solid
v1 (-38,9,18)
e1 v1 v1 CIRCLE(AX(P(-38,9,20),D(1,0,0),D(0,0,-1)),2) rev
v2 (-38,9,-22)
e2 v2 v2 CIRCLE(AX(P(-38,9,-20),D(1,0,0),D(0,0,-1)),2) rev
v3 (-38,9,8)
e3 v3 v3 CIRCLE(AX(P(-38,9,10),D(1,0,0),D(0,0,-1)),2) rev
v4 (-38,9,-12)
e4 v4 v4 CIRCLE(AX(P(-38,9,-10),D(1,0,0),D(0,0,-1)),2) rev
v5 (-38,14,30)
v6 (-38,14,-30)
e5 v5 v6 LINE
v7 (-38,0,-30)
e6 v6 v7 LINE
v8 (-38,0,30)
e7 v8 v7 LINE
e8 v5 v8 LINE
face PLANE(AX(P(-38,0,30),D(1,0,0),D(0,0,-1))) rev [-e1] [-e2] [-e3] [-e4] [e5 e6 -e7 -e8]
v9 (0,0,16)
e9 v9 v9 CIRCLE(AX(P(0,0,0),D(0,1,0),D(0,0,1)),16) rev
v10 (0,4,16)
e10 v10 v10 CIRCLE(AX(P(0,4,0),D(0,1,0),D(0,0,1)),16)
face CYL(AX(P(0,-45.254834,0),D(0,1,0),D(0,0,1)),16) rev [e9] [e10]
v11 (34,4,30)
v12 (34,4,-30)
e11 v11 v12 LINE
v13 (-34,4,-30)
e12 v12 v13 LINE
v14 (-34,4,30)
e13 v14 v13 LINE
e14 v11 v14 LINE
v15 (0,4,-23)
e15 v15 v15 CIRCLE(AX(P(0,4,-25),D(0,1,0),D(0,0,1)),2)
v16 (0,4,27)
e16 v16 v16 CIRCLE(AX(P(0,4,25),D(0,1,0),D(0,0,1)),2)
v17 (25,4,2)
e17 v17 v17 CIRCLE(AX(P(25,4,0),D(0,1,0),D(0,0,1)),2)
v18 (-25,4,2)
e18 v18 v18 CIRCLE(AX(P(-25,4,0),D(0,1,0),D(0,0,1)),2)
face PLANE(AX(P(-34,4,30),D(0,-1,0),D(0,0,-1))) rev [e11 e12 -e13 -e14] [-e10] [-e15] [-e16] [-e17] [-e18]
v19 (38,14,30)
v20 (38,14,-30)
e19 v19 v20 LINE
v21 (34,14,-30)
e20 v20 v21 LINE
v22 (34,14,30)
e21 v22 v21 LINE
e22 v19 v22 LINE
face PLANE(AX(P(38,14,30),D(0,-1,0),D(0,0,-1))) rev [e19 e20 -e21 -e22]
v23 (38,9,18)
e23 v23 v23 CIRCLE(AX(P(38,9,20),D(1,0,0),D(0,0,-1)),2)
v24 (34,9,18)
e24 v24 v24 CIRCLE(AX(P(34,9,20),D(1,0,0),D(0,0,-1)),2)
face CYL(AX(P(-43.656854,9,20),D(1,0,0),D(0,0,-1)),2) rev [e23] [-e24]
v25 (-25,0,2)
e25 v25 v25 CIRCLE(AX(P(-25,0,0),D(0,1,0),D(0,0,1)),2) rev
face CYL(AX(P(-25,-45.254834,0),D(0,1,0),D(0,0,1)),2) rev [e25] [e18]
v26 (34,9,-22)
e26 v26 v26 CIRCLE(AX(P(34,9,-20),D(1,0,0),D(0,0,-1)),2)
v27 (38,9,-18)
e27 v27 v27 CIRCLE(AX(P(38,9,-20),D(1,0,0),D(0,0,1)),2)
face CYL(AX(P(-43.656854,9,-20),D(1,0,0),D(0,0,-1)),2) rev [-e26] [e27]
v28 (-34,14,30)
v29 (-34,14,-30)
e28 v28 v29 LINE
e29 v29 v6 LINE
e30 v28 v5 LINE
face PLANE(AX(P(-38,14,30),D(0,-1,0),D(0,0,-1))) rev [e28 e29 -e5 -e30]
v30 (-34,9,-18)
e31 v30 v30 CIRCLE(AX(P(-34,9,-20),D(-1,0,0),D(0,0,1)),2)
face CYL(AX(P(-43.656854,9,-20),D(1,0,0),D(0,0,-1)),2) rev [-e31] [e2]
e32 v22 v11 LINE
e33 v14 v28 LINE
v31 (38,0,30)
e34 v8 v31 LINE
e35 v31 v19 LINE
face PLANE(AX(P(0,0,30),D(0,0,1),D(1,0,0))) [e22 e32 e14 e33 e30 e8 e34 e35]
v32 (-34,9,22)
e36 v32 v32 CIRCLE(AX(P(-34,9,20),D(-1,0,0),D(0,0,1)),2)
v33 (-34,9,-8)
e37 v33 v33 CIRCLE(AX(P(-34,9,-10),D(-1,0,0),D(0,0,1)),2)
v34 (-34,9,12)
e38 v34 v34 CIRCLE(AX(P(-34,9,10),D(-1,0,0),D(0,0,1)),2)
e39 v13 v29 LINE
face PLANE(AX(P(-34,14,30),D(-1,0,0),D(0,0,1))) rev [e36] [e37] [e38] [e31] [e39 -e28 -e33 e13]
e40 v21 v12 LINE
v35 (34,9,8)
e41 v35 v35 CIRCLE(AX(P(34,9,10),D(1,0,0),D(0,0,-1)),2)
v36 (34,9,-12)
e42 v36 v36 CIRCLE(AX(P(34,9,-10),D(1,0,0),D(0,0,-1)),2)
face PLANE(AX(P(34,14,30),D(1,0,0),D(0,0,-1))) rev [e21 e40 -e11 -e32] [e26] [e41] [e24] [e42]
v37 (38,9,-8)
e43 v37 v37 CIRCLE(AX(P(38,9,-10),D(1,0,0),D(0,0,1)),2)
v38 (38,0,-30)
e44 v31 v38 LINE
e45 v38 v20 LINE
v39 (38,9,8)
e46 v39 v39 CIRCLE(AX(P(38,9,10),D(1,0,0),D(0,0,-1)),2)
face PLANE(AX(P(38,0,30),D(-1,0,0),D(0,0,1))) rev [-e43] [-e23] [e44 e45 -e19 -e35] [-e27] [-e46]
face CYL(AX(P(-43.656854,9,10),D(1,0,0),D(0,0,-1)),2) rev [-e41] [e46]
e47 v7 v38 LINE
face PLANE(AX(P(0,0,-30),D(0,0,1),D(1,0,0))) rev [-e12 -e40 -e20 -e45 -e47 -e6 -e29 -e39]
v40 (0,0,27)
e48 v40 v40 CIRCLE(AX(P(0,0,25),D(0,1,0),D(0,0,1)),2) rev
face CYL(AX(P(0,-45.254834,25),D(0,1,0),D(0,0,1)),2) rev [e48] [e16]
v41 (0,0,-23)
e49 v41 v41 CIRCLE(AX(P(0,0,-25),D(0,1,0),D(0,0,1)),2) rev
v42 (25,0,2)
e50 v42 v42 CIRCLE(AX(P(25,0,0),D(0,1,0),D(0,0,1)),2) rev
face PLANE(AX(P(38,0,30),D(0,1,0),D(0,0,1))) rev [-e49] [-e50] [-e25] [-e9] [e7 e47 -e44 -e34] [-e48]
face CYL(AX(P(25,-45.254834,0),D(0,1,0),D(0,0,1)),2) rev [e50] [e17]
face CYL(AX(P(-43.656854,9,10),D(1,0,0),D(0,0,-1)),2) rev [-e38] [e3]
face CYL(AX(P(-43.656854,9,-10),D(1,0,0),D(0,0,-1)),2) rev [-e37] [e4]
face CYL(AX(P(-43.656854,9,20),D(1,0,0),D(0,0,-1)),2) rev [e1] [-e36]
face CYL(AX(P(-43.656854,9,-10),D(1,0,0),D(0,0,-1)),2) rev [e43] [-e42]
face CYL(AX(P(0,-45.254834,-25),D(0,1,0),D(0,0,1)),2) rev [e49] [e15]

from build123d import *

# Parameters (mm, degrees)
EXTRUDE_1_DEPTH     = 30
CUT_EXTRUDE_1_REACH = 84.898
SKETCH_2_R          = 2
SKETCH_3_R          = 16
SKETCH_3_R_2        = 2
CUT_EXTRUDE_2_DEPTH = 4


with BuildPart() as part:
    # 草图1 → 凸台-拉伸1 (new, symmetric)
    with BuildSketch(Plane.XY):
        Polygon((38, 0), (-38, 0), (-38, 14), (-34, 14), (-34, 4), (34, 4), (34, 14), (38, 14), align=None)
    extrude(amount=EXTRUDE_1_DEPTH, both=True)

    # 切除-拉伸1: up to this face of the body (flat: up to its plane)
    cut_extrude_1_end = Plane(part.part.faces().sort_by_distance((-38, 7, 0))[0])
    # 草图2 → 切除-拉伸1 (cut, up to the picked face)
    with BuildSketch(Plane(origin=(38, 0, 0), x_dir=(0, 0, -1), z_dir=(1, 0, 0)), mode=Mode.PRIVATE) as cut_extrude_1_sk1:
        with Locations((-20, 9)):
            Circle(SKETCH_2_R)
    cut_extrude_1_tool1 = split(extrude(cut_extrude_1_sk1.sketch, amount=-CUT_EXTRUDE_1_REACH, mode=Mode.PRIVATE), bisect_by=cut_extrude_1_end, keep=Keep.BOTH, mode=Mode.PRIVATE)
    # 草图2 → 切除-拉伸1 (cut, up to the picked face)
    with BuildSketch(Plane(origin=(38, 0, 0), x_dir=(0, 0, -1), z_dir=(1, 0, 0)), mode=Mode.PRIVATE) as cut_extrude_1_sk2:
        with Locations((-10, 9)):
            Circle(SKETCH_2_R)
    cut_extrude_1_tool2 = split(extrude(cut_extrude_1_sk2.sketch, amount=-CUT_EXTRUDE_1_REACH, mode=Mode.PRIVATE), bisect_by=cut_extrude_1_end, keep=Keep.BOTH, mode=Mode.PRIVATE)
    # 草图2 → 切除-拉伸1 (cut, up to the picked face)
    with BuildSketch(Plane(origin=(38, 0, 0), x_dir=(0, 0, -1), z_dir=(1, 0, 0)), mode=Mode.PRIVATE) as cut_extrude_1_sk3:
        with Locations((10, 9)):
            Circle(SKETCH_2_R)
    cut_extrude_1_tool3 = split(extrude(cut_extrude_1_sk3.sketch, amount=-CUT_EXTRUDE_1_REACH, mode=Mode.PRIVATE), bisect_by=cut_extrude_1_end, keep=Keep.BOTH, mode=Mode.PRIVATE)
    # 草图2 → 切除-拉伸1 (cut, up to the picked face)
    with BuildSketch(Plane(origin=(38, 0, 0), x_dir=(0, 0, -1), z_dir=(1, 0, 0)), mode=Mode.PRIVATE) as cut_extrude_1_sk4:
        with Locations((20, 9)):
            Circle(SKETCH_2_R)
    cut_extrude_1_tool4 = split(extrude(cut_extrude_1_sk4.sketch, amount=-CUT_EXTRUDE_1_REACH, mode=Mode.PRIVATE), bisect_by=cut_extrude_1_end, keep=Keep.BOTH, mode=Mode.PRIVATE)
    add(cut_extrude_1_tool1.solids().sort_by(Axis((38, 9, 20), (-1, 0, 0)))[0], mode=Mode.SUBTRACT)
    add(cut_extrude_1_tool2.solids().sort_by(Axis((38, 9, 10), (-1, 0, 0)))[0], mode=Mode.SUBTRACT)
    add(cut_extrude_1_tool3.solids().sort_by(Axis((38, 9, -10), (-1, 0, 0)))[0], mode=Mode.SUBTRACT)
    add(cut_extrude_1_tool4.solids().sort_by(Axis((38, 9, -20), (-1, 0, 0)))[0], mode=Mode.SUBTRACT)

    # 草图3 → 切除-拉伸2 (cut)
    with BuildSketch(Plane(origin=(0, 4, 0), x_dir=(1, 0, 0), z_dir=(0, 1, 0))):
        with Locations(Location((0, 0, 0), (0, 0, 270))):
            Circle(SKETCH_3_R)
        with Locations(Location((0, 25, 0), (0, 0, 270))):
            Circle(SKETCH_3_R_2)
        with Locations(Location((25, 0, 0), (0, 0, 270))):
            Circle(SKETCH_3_R_2)
        with Locations(Location((0, -25, 0), (0, 0, 270))):
            Circle(SKETCH_3_R_2)
        with Locations(Location((-25, 0, 0), (0, 0, 270))):
            Circle(SKETCH_3_R_2)
    extrude(amount=-CUT_EXTRUDE_2_DEPTH, mode=Mode.SUBTRACT)


solid = part.part
